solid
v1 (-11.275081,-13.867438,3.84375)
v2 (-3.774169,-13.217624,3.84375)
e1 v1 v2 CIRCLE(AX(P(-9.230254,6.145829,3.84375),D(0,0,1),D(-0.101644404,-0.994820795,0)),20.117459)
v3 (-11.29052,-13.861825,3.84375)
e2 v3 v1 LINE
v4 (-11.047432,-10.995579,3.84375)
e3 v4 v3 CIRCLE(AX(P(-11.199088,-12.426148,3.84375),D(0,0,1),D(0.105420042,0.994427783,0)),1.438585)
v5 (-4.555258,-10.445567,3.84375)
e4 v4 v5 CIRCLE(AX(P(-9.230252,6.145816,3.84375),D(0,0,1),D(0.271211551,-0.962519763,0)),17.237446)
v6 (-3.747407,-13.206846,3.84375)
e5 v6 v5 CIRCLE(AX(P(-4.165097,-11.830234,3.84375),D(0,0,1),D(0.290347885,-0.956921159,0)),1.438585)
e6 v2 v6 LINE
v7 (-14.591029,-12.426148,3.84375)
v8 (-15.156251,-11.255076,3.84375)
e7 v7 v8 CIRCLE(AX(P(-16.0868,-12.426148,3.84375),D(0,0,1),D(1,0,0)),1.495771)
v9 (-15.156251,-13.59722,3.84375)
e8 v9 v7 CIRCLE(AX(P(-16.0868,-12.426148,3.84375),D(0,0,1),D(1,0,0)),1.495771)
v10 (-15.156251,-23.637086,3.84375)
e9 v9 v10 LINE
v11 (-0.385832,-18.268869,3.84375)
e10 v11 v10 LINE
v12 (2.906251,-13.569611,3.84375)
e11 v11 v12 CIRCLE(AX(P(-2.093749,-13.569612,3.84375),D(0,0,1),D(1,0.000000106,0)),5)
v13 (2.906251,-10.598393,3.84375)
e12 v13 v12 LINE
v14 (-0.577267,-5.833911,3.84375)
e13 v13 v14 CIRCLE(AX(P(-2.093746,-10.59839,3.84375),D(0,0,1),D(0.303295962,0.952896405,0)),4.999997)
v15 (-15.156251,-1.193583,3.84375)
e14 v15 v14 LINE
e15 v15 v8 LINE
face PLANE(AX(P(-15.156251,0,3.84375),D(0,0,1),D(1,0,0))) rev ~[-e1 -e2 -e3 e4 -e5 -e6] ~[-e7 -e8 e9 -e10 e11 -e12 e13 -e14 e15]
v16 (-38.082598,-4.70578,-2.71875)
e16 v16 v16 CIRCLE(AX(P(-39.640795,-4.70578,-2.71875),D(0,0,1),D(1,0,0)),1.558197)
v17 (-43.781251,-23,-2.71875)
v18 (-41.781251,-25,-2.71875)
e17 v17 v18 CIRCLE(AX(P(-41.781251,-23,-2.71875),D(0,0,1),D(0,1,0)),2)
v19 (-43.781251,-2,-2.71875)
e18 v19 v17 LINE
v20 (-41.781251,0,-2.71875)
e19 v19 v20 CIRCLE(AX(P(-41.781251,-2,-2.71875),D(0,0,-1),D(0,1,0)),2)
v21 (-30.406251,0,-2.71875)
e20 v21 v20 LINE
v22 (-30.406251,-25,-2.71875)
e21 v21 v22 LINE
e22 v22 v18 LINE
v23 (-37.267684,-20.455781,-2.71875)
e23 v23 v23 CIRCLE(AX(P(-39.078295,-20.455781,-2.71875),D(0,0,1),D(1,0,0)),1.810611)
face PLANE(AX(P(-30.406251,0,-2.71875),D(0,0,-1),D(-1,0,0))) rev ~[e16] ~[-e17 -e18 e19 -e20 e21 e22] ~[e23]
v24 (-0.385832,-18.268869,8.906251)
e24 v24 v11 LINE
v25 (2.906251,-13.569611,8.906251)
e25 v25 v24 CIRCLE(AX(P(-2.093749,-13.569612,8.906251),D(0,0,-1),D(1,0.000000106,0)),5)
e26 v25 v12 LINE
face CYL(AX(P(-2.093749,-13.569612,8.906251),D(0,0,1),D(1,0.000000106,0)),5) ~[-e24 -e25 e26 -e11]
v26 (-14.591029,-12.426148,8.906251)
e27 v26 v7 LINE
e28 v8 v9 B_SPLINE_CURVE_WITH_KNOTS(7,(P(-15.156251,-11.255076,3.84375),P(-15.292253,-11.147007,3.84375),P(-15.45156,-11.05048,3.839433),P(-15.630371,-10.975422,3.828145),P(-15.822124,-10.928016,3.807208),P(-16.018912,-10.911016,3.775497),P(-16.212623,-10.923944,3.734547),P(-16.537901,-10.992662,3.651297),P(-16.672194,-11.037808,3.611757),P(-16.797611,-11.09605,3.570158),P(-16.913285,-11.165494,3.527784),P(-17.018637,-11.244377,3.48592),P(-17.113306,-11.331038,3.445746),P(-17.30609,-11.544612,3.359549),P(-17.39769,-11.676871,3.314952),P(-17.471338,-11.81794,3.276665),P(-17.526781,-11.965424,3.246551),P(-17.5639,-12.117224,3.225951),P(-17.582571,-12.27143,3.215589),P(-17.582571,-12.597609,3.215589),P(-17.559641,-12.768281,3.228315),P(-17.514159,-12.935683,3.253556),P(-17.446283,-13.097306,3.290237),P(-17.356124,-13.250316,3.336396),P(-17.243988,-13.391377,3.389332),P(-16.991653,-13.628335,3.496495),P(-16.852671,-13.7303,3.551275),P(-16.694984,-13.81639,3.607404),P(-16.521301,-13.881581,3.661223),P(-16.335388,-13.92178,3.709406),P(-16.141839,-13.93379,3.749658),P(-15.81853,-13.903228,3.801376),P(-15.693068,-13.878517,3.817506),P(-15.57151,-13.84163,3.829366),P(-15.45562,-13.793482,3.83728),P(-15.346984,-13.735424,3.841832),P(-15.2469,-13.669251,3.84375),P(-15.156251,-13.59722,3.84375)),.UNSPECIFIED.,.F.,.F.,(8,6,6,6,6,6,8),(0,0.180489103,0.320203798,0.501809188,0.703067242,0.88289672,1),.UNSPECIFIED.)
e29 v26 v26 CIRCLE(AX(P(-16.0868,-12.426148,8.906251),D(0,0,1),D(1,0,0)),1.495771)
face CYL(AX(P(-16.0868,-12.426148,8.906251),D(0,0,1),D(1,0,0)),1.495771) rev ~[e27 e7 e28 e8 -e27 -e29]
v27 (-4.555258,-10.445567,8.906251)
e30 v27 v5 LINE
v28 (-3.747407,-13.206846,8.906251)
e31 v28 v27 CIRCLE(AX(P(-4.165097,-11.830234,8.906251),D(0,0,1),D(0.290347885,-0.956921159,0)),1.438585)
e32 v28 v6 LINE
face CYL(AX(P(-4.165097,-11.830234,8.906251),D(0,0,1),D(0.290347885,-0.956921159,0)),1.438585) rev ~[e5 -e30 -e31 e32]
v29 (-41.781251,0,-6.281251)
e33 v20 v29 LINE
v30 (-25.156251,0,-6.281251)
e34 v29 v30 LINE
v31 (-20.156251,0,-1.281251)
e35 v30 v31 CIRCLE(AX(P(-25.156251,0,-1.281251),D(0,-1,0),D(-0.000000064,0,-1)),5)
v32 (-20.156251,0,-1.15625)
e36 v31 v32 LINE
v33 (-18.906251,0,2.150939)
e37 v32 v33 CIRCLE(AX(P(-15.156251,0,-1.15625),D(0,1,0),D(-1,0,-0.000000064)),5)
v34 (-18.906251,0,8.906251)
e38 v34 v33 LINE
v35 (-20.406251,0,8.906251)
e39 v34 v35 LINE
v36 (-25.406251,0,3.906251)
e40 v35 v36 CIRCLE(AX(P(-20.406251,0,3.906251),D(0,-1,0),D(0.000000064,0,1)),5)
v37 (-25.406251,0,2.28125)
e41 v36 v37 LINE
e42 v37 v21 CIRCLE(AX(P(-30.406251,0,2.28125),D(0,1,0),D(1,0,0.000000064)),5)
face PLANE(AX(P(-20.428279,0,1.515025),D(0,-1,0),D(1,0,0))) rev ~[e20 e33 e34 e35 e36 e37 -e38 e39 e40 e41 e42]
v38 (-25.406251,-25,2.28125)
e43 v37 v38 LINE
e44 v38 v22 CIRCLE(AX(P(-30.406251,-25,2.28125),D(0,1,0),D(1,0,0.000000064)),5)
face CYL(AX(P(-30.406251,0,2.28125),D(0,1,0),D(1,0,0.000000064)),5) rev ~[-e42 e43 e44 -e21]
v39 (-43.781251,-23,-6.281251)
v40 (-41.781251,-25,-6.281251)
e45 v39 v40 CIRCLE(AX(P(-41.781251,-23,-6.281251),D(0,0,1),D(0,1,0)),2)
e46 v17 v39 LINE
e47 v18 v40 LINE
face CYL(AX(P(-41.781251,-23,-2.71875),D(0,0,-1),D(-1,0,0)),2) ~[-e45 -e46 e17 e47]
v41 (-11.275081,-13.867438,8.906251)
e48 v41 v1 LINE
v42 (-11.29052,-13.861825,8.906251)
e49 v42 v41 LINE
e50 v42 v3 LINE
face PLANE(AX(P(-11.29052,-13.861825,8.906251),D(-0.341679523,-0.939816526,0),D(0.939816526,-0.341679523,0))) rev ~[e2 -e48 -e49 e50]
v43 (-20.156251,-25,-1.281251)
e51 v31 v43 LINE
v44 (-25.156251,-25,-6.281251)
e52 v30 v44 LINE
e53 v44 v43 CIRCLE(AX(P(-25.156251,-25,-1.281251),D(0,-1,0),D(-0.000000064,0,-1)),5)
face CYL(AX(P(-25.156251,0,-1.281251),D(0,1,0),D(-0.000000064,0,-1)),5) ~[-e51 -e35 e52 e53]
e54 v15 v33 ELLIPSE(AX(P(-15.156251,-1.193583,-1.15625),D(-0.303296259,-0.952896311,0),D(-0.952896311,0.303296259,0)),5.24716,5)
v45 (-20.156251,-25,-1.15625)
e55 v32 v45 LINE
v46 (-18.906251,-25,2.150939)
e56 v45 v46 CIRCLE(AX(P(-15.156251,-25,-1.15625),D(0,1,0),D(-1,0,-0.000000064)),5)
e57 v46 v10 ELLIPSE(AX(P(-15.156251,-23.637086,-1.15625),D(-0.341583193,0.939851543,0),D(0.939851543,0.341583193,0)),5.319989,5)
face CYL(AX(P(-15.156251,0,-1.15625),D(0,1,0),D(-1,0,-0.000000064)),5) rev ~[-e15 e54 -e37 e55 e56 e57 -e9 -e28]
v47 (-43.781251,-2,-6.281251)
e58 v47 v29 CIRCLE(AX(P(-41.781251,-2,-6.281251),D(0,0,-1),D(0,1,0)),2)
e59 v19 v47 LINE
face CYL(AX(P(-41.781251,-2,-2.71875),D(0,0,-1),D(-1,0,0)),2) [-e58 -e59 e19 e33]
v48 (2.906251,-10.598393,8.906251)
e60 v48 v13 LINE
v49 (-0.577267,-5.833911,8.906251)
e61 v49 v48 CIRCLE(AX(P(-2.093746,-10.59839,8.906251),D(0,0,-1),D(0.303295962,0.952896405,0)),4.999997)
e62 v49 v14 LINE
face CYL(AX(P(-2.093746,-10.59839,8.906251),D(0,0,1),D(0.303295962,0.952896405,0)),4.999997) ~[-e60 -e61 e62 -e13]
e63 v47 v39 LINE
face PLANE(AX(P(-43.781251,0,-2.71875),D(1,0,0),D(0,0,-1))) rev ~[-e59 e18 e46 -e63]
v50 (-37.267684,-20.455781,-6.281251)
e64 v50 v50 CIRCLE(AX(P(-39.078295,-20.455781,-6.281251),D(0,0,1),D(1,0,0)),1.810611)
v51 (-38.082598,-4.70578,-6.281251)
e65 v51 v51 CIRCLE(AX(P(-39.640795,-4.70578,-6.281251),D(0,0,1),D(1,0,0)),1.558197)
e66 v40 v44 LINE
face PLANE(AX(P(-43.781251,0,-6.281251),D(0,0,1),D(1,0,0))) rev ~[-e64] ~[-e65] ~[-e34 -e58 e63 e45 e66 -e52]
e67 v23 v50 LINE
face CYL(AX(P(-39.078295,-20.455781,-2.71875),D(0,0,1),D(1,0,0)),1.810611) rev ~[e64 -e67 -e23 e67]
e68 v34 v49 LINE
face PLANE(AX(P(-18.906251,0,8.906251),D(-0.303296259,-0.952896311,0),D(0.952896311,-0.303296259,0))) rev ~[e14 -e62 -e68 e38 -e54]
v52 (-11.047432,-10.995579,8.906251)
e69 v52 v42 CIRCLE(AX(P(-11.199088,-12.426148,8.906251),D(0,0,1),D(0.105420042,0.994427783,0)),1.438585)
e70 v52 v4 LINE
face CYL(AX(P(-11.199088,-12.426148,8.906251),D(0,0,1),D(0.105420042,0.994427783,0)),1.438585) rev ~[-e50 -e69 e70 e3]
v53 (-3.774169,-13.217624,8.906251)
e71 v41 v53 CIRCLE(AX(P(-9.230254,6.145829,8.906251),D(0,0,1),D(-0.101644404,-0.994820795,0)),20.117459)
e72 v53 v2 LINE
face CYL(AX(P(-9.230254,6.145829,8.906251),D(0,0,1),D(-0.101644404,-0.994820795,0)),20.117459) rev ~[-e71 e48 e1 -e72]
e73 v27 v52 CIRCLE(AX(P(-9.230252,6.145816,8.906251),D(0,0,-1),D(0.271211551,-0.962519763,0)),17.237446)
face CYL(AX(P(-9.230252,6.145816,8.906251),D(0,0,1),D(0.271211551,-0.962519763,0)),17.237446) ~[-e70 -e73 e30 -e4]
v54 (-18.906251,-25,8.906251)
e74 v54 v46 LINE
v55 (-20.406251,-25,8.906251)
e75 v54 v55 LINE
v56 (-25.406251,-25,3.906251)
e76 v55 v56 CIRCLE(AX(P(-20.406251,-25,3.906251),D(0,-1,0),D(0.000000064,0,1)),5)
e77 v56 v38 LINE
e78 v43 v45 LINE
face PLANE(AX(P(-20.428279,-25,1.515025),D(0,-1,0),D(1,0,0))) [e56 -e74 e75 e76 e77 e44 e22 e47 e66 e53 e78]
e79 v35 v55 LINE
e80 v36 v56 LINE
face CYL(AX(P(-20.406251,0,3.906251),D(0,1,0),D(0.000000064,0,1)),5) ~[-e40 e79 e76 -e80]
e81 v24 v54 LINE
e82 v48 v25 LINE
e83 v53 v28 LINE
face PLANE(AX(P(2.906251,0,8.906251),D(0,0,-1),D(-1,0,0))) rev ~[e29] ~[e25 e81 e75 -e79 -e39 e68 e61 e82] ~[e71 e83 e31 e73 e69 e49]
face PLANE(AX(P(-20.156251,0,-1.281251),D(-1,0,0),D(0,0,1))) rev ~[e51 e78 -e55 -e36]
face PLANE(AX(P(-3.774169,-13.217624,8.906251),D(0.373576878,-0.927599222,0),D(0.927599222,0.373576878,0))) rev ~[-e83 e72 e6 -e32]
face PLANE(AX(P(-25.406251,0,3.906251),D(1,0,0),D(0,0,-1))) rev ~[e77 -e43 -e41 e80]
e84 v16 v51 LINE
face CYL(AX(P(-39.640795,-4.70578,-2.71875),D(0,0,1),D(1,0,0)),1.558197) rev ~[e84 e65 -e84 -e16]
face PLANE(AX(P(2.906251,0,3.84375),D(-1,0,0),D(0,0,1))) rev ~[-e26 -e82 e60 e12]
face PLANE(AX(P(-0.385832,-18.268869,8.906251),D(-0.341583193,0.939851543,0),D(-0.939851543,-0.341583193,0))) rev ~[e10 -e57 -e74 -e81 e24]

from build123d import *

# Parameters (mm, degrees)
F1_DEPTH = 25
F2_R     = 1.558197
F2_R_2   = 1.810611
F3_DEPTH = 25
F4_R     = 1.495771
F5_DEPTH = 25
F6_R     = 2


with BuildPart() as f1:
    # F0 (on Front) → F1 (new body)
    with BuildSketch(Plane.XZ):
        with BuildLine():
            Line((-43.781251, -2.71875), (-43.781251, -6.281251))
            Line((-43.781251, -6.281251), (-25.156251, -6.281251))
            ThreePointArc((-25.156251, -6.281251), (-21.620717, -4.816785), (-20.156251, -1.281251))
            Line((-20.156251, -1.281251), (-20.156251, -1.15625))
            ThreePointArc((-20.156251, -1.15625), (-18.691785, 2.379284), (-15.156251, 3.84375))
            Line((-15.156251, 3.84375), (2.906251, 3.84375))
            Line((2.906251, 3.84375), (2.906251, 8.906251))
            Line((2.906251, 8.906251), (-20.406251, 8.906251))
            ThreePointArc((-20.406251, 8.906251), (-23.941785, 7.441785), (-25.406251, 3.906251))
            Line((-25.406251, 3.906251), (-25.406251, 2.28125))
            ThreePointArc((-25.406251, 2.28125), (-26.870717, -1.254284), (-30.406251, -2.71875))
            Line((-30.406251, -2.71875), (-43.781251, -2.71875))
        make_face()
    extrude(amount=F1_DEPTH)

    # F2 (on face) → F3 (cut)
    with BuildSketch(Plane.XY.offset(-2.71875)):
        with Locations((-39.640795, -4.70578)):
            Circle(F2_R)
        with Locations((-39.078295, -20.455781)):
            Circle(F2_R_2)
    extrude(amount=-F3_DEPTH, mode=Mode.SUBTRACT)

    # F4 (on face) → F5 (cut)
    with BuildSketch(Plane.XY.offset(8.906251)):
        with BuildLine():
            ThreePointArc((-0.577267, -5.833911), (1.942488, -7.647325), (2.906251, -10.598393))
            Line((2.906251, -10.598393), (2.906251, 0))
            Line((2.906251, 0), (-18.906251, 0))
            Line((-18.906251, 0), (-0.577267, -5.833911))
        make_face()
        with BuildLine():
            Line((2.906251, -25), (2.906251, -13.569611))
            ThreePointArc((2.906251, -13.569611), (2.001345, -16.438445), (-0.385832, -18.268869))
            Line((-0.385832, -18.268869), (-18.906251, -25))
            Line((-18.906251, -25), (2.906251, -25))
        make_face()
        with Locations((-16.0868, -12.426148)):
            Circle(F4_R)
        with BuildLine():
            ThreePointArc((-4.555258, -10.445567), (-7.775122, -11.030102), (-11.047432, -10.995579))
            ThreePointArc((-11.047432, -10.995579), (-12.632527, -12.304577), (-11.29052, -13.861825))
            Line((-11.29052, -13.861825), (-11.275081, -13.867438))
            ThreePointArc((-11.275081, -13.867438), (-7.493954, -13.896562), (-3.774169, -13.217624))
            Line((-3.774169, -13.217624), (-3.747407, -13.206846))
            ThreePointArc((-3.747407, -13.206846), (-2.784389, -11.426288), (-4.555258, -10.445567))
        make_face()
    extrude(amount=-F5_DEPTH, mode=Mode.SUBTRACT)

    # F6
    f6_edges = [f1.edges().sort_by_distance(p)[0] for p in [
        (-43.781251, 0, -4.5),
        (-43.781251, -25, -4.5),
    ]]
    fillet(f6_edges, radius=F6_R)


solid = f1.part
